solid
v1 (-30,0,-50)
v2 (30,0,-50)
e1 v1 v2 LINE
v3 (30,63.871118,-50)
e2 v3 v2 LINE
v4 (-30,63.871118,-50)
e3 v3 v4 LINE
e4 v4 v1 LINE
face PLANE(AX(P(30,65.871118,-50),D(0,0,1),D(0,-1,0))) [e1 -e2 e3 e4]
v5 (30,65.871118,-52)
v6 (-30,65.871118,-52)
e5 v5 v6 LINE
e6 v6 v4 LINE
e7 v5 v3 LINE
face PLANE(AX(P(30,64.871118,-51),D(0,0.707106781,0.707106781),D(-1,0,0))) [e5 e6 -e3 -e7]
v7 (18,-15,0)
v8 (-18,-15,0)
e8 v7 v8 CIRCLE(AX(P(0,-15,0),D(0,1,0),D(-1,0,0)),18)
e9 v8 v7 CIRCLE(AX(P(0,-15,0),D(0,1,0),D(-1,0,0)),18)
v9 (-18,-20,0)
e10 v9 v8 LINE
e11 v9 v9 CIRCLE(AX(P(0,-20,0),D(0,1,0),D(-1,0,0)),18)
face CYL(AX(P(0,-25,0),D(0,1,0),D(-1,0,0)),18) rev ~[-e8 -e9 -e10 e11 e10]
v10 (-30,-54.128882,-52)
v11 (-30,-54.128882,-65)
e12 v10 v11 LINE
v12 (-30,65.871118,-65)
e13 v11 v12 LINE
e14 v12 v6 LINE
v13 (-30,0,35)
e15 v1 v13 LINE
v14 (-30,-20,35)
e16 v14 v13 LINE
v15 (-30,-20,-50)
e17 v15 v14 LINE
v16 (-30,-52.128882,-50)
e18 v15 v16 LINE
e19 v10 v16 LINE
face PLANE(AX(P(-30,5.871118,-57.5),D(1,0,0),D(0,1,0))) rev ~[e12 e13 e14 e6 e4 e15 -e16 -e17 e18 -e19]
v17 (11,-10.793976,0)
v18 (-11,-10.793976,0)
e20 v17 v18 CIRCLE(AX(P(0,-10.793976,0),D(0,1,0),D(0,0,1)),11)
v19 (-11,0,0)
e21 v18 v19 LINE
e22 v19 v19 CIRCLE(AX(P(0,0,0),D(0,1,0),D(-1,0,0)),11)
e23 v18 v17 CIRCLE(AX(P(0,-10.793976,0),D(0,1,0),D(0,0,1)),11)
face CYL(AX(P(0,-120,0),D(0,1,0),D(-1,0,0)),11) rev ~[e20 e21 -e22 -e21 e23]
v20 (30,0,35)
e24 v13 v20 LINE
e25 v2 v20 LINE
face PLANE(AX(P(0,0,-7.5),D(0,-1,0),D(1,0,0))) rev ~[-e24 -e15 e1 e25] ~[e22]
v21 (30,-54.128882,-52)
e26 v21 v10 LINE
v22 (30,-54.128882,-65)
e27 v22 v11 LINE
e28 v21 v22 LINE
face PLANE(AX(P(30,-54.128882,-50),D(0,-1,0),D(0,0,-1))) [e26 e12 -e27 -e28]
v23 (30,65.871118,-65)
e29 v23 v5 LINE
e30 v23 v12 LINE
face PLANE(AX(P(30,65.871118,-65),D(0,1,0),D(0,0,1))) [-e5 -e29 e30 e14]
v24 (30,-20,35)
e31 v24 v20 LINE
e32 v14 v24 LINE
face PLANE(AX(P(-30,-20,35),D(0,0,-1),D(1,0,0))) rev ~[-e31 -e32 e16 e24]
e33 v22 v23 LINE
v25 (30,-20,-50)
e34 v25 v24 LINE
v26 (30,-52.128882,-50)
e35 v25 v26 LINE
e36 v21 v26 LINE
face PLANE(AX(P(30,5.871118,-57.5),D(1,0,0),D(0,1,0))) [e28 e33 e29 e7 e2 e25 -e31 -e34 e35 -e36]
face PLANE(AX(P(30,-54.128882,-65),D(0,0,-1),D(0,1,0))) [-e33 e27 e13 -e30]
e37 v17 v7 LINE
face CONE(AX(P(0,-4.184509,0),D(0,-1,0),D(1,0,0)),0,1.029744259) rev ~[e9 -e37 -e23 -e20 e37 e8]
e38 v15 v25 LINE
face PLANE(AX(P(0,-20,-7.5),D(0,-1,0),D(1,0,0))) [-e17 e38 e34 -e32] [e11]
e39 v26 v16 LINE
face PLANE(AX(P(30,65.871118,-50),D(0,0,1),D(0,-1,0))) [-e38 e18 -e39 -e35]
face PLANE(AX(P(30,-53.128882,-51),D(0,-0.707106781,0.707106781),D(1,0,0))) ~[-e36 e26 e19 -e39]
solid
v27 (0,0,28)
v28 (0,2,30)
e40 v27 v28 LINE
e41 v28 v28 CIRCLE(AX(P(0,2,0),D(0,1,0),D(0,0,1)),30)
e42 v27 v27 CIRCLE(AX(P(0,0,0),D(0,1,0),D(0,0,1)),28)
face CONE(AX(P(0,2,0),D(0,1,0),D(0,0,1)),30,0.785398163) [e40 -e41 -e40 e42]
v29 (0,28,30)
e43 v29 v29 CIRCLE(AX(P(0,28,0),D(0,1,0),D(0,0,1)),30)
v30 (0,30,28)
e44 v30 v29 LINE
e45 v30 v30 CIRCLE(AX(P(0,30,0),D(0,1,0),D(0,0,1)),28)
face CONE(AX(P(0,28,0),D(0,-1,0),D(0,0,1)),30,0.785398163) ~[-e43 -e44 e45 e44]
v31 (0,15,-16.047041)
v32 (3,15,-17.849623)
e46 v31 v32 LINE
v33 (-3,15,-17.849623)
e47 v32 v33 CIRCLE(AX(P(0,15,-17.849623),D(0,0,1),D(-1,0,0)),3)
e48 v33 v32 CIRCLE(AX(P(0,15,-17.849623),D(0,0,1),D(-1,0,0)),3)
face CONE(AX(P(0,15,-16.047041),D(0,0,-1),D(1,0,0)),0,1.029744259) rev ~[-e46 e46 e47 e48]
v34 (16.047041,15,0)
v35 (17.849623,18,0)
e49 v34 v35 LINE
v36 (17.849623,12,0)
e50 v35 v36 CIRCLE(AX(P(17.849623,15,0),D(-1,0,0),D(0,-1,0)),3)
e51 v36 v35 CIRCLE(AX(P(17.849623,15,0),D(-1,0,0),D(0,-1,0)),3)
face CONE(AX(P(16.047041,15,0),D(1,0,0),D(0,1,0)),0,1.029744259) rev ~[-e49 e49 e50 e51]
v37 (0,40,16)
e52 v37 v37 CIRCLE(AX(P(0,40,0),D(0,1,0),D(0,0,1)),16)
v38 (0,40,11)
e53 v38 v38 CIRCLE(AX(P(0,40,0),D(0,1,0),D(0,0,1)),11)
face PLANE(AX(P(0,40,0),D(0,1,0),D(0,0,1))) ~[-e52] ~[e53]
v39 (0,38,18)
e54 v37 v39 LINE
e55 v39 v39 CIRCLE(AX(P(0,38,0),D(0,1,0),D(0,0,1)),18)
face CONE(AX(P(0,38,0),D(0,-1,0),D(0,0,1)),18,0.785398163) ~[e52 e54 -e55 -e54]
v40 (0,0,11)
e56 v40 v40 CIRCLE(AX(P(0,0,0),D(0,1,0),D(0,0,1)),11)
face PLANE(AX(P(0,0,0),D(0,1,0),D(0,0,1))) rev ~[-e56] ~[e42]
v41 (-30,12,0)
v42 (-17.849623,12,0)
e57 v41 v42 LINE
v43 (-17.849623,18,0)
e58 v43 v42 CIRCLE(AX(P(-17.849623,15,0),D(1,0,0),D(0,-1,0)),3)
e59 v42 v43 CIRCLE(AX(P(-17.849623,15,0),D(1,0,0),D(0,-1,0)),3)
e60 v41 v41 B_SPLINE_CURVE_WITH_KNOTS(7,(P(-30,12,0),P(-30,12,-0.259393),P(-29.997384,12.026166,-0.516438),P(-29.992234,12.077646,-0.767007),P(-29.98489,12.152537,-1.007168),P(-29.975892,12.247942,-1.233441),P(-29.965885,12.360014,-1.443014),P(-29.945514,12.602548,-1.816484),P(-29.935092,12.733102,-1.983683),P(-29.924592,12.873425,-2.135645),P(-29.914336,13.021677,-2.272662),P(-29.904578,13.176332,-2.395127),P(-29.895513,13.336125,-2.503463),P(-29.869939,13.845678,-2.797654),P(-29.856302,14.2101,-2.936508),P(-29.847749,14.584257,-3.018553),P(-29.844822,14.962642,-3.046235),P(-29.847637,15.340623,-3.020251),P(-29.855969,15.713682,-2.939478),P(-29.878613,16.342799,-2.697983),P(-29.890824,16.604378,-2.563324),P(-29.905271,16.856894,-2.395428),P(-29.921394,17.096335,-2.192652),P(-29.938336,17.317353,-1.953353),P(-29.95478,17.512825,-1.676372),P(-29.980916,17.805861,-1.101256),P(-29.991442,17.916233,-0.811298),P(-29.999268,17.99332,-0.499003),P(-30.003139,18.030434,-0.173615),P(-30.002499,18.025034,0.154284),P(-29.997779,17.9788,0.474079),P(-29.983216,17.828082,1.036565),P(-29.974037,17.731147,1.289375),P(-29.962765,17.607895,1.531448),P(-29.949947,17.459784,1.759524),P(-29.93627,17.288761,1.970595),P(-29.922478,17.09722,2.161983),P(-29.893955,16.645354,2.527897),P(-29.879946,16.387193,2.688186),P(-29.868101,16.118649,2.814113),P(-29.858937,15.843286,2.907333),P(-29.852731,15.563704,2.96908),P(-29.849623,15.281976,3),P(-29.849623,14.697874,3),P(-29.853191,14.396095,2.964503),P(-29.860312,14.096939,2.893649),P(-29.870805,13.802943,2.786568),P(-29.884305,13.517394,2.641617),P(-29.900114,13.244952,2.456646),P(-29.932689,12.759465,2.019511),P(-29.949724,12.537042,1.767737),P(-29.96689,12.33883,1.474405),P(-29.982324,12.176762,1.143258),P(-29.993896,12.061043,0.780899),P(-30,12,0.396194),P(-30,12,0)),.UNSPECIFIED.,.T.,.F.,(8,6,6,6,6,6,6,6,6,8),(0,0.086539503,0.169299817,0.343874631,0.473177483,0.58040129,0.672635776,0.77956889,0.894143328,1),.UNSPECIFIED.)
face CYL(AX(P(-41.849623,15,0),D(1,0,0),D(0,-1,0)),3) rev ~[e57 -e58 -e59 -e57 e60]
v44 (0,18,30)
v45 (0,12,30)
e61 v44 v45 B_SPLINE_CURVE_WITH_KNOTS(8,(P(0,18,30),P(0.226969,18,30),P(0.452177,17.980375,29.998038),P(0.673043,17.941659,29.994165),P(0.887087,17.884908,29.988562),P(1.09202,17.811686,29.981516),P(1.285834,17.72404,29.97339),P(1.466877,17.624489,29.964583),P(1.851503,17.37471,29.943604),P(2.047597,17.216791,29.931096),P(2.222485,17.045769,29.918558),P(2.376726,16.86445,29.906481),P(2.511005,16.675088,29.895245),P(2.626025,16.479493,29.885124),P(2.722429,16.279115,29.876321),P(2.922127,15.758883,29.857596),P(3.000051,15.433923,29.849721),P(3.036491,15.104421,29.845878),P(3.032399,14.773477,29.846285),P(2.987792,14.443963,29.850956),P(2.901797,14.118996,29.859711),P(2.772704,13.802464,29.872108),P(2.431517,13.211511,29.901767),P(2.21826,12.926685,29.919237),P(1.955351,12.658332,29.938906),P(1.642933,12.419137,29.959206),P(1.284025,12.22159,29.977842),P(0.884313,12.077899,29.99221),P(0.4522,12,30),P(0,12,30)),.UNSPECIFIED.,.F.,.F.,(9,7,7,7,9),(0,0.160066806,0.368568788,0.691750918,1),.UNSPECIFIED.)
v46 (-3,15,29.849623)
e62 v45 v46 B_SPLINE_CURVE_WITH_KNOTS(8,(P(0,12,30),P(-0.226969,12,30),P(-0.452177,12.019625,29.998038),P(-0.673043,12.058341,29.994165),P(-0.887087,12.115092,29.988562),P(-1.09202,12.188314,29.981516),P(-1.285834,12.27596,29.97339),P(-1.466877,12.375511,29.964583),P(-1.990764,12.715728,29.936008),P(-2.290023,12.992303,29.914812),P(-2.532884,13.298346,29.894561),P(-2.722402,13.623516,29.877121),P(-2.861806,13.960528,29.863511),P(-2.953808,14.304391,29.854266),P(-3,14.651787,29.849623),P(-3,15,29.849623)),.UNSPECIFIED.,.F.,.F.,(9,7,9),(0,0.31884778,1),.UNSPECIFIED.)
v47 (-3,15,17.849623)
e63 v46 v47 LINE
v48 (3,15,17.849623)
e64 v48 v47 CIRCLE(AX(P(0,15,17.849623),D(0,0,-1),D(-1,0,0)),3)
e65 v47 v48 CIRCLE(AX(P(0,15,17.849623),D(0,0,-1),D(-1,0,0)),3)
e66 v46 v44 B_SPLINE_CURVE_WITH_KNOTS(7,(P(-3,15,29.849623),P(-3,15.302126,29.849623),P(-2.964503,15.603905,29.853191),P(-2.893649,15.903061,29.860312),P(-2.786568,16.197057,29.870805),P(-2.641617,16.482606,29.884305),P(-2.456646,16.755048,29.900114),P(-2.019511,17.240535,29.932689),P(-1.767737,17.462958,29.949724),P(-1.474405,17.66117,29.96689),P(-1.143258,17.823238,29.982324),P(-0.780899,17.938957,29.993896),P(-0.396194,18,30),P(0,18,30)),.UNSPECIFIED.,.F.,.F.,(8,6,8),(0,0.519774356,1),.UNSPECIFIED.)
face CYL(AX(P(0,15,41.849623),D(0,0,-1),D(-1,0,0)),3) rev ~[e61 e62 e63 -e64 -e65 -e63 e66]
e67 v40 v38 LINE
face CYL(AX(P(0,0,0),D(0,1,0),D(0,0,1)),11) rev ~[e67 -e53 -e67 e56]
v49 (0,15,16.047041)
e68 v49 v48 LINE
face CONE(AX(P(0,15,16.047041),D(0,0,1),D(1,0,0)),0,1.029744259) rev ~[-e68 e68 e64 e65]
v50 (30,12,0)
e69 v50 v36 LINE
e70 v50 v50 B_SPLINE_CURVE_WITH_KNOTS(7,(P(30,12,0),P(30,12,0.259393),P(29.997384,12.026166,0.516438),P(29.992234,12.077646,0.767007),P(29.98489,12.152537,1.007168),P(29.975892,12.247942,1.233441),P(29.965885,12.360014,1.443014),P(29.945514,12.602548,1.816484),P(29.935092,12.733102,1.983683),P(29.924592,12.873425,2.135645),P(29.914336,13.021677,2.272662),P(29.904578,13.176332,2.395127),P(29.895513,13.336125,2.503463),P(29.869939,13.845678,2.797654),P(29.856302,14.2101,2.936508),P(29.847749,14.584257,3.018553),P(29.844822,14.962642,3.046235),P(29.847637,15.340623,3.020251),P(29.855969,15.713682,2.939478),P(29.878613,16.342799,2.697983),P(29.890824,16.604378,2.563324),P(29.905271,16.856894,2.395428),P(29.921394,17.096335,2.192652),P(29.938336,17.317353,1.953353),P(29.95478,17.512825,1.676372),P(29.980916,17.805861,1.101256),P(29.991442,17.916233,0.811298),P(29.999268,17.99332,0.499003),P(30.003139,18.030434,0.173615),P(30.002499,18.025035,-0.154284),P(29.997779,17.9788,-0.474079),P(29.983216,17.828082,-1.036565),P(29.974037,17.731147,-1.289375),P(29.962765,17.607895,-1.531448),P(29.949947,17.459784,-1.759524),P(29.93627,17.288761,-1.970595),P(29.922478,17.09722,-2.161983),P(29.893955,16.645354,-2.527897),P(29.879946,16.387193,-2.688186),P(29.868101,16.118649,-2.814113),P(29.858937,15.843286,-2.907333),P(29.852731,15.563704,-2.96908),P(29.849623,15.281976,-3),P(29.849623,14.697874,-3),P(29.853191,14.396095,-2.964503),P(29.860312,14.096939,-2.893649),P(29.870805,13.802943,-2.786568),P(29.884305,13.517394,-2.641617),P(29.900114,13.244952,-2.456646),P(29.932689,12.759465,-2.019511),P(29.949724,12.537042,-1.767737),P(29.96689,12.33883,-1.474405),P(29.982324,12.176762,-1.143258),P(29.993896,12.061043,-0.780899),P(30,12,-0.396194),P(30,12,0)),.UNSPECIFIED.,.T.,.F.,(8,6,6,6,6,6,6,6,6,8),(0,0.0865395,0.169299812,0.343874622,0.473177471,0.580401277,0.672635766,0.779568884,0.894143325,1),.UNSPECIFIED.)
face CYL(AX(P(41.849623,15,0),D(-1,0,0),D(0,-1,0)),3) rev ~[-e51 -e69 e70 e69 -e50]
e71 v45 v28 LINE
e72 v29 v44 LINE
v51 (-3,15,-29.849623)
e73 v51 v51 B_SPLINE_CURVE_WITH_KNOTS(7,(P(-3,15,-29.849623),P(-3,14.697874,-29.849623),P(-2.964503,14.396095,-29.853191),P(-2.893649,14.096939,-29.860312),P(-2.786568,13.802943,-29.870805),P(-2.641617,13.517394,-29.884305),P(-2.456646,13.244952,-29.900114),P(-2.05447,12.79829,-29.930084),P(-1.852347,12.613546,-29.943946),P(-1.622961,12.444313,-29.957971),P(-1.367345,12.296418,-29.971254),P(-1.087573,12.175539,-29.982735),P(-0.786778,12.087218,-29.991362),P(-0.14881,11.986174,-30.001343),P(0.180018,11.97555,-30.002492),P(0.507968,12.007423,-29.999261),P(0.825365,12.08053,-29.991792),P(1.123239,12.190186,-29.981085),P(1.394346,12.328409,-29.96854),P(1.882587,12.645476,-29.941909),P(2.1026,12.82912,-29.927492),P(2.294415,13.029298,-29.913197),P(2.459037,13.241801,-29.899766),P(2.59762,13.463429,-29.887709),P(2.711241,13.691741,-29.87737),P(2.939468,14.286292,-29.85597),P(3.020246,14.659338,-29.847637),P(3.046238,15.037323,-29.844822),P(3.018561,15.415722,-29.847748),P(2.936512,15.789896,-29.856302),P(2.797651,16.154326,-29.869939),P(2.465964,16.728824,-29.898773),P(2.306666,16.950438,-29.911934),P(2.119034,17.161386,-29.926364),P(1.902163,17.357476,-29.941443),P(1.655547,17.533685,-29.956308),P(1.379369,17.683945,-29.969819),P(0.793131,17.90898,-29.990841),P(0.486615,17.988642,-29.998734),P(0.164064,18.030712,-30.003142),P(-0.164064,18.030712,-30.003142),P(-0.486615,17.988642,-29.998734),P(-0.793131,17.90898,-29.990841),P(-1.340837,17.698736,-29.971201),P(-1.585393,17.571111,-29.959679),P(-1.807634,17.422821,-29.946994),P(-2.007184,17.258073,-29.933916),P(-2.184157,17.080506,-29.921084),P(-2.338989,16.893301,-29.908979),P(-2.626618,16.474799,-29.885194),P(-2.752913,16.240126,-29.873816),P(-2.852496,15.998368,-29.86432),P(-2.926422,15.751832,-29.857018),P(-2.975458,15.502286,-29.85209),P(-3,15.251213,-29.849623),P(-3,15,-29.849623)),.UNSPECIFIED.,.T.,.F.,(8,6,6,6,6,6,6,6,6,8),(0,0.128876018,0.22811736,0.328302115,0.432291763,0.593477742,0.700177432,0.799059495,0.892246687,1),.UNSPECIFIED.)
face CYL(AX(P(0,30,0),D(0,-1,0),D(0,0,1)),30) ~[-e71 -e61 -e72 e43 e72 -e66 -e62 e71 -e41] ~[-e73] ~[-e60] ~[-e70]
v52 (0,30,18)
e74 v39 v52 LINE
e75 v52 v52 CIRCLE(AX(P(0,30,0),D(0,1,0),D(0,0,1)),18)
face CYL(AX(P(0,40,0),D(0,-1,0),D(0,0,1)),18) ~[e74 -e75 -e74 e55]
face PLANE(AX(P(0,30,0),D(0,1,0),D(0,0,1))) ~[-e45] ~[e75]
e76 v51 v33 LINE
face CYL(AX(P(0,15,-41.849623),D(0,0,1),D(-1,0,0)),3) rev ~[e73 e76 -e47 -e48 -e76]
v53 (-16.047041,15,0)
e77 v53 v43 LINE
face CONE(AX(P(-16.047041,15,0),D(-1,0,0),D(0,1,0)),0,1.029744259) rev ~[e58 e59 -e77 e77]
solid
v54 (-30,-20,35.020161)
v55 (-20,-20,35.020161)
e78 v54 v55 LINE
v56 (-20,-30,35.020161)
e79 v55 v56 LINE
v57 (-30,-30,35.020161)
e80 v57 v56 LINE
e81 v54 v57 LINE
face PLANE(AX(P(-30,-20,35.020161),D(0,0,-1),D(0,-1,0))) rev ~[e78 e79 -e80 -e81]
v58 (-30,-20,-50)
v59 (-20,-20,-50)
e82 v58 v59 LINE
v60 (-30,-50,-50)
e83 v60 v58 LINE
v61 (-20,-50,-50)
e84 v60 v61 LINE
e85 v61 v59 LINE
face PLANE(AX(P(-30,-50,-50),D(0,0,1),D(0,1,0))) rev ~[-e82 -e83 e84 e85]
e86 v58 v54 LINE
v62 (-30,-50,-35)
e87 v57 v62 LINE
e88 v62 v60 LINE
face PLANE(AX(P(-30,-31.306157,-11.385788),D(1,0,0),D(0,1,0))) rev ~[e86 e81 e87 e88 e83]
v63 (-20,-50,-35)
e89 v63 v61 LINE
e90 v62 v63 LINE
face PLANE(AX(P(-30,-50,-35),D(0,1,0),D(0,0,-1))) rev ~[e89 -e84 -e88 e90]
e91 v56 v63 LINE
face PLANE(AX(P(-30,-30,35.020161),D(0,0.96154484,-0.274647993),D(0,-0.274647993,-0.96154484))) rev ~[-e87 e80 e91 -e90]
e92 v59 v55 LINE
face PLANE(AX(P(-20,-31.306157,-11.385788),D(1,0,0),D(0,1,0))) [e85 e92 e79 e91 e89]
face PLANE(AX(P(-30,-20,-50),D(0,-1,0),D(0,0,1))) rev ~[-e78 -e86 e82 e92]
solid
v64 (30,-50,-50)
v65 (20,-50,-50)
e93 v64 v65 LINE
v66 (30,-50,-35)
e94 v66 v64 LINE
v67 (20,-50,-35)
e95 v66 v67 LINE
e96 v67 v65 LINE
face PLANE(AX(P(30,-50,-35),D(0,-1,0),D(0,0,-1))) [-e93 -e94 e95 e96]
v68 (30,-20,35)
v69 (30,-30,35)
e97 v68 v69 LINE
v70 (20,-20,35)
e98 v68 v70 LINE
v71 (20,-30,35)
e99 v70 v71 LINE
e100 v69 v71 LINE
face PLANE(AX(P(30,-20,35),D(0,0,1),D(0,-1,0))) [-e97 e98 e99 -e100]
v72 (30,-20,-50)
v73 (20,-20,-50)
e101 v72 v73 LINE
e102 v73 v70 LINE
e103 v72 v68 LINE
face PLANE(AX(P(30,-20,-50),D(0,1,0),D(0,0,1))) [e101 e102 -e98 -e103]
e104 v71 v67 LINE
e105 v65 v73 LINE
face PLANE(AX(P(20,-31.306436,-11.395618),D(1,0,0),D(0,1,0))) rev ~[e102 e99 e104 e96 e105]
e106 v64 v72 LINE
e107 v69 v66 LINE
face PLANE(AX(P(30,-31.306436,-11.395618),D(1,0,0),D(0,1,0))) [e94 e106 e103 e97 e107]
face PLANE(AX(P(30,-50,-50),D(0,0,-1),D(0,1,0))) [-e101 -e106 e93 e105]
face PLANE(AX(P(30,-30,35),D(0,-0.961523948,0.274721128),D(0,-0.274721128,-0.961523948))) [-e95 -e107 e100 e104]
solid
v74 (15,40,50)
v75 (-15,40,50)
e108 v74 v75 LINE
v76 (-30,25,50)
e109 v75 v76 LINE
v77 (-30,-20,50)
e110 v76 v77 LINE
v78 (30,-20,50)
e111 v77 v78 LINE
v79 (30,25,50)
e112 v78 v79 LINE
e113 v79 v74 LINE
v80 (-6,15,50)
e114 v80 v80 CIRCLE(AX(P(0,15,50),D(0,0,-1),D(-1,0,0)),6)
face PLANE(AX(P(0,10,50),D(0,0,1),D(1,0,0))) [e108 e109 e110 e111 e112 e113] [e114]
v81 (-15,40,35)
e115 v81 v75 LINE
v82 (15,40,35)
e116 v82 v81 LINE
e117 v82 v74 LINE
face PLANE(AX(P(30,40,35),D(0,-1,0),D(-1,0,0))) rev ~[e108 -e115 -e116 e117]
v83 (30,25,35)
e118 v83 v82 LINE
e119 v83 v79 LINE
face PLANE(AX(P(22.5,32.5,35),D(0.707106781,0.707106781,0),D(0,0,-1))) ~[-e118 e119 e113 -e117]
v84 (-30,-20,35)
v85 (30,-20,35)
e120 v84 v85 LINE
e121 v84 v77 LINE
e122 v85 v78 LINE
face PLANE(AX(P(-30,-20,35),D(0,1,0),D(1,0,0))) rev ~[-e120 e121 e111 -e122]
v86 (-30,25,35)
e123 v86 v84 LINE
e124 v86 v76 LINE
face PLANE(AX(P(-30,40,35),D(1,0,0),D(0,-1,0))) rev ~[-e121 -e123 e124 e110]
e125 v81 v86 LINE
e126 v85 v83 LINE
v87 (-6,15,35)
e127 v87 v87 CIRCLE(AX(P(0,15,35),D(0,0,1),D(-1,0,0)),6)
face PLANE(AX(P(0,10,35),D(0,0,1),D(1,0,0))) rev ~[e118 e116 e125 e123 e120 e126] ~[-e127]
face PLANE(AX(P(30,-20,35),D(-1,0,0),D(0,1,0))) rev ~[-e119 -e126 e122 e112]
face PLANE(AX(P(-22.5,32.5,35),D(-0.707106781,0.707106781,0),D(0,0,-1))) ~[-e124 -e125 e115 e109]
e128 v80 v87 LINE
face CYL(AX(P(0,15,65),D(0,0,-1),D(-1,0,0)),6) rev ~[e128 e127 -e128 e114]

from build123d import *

# Parameters (mm, degrees)
F2_SIZE   = 2
F5_D      = 6
F5_DEPTH  = 12
F5_START  = 0.150377
F5_TIP    = 1.8025818571
F8_D      = 6
F8_DEPTH  = 12
F8_START  = 0.150377
F8_TIP    = 1.8025818571
F11_D     = 6
F11_DEPTH = 12
F11_START = 0.150377
F11_TIP   = 1.8025818571
F14_D     = 6
F14_DEPTH = 12
F14_START = 0.150377
F14_TIP   = 1.8025818571
F17_DEPTH = 15
F18_SIZE  = 15
F20_D     = 12
F20_DEPTH = 15
F20_TIP   = 3.6051637142
F22_W     = 60
F22_H     = 85
F23_DEPTH = 20
F25_DEPTH = 60
F27_D     = 36
F27_DEPTH = 5
F27_TIP   = 10.8154911425
F29_D     = 22
F29_DEPTH = 100
F29_TIP   = 6.6094668093
F30_SIZE  = 2
F32_DEPTH = 10
F34_DEPTH = 10


with BuildPart() as f1:
    # F0 (on Right) → F1 (revolve)
    with BuildSketch(Plane.YZ):
        Polygon((0, 30), (0, 11), (40, 11), (40, 18), (30, 18), (30, 30), align=None)
    revolve(axis=Axis((0, 0.3758966923, 0), (0, 1, 0)))

    # F2
    f2_edges = [f1.edges().sort_by_distance(p)[0] for p in [
        (0, 30, -30),
        (0, 0, -30),
        (0, 40, -18),
    ]]
    chamfer(f2_edges, length=F2_SIZE)

    # F5
    # its depths count from where the whole tool has entered the part; down to there all is cleared
    with Locations(Plane.YZ.offset(30).offset(-F5_START)):
        with Locations((15, 0)):
            Hole(F5_D / 2, depth=F5_DEPTH)
            with Locations((0, 0, -(F5_DEPTH + F5_TIP / 2))):  # 118° drill point
                Cone(0, F5_D / 2, F5_TIP, mode=Mode.SUBTRACT)

    # F8
    # its depths count from where the whole tool has entered the part; down to there all is cleared
    with Locations(Plane.XY.offset(30).offset(-F8_START)):
        with Locations((0, 15)):
            Hole(F8_D / 2, depth=F8_DEPTH)
            with Locations((0, 0, -(F8_DEPTH + F8_TIP / 2))):  # 118° drill point
                Cone(0, F8_D / 2, F8_TIP, mode=Mode.SUBTRACT)

    # F11
    # its depths count from where the whole tool has entered the part; down to there all is cleared
    with Locations(Plane(origin=(0, 0, -30), x_dir=(1, 0, 0), z_dir=(0, 0, -1)).offset(-F11_START)):
        with Locations((0, -15)):
            Hole(F11_D / 2, depth=F11_DEPTH)
            with Locations((0, 0, -(F11_DEPTH + F11_TIP / 2))):  # 118° drill point
                Cone(0, F11_D / 2, F11_TIP, mode=Mode.SUBTRACT)

    # F14
    # its depths count from where the whole tool has entered the part; down to there all is cleared
    with Locations(Plane(origin=(-30, 0, 0), x_dir=(0, 1, 0), z_dir=(-1, 0, 0)).offset(-F14_START)):
        with Locations((15, 0)):
            Hole(F14_D / 2, depth=F14_DEPTH)
            with Locations((0, 0, -(F14_DEPTH + F14_TIP / 2))):  # 118° drill point
                Cone(0, F14_D / 2, F14_TIP, mode=Mode.SUBTRACT)


with BuildPart() as f17:
    # F16 (on offset) → F17 (new body)
    with BuildSketch(Plane.XY.offset(35)):
        Polygon((30, -20), (30, 0), (30, 30), (30, 40), (-30, 40), (-30, 30), (-30, 0), (-30, -20), align=None)
    extrude(amount=F17_DEPTH)

    # F18
    f18_edges = [f17.edges().sort_by_distance(p)[0] for p in [
        (30, 40, 42.5),
        (-30, 40, 42.5),
    ]]
    chamfer(f18_edges, length=F18_SIZE)

    # F20
    with Locations(Plane.XY.offset(50)):
        with Locations((0, 15)):
            Hole(F20_D / 2, depth=F20_DEPTH)
            with Locations((0, 0, -(F20_DEPTH + F20_TIP / 2))):  # 118° drill point
                Cone(0, F20_D / 2, F20_TIP, mode=Mode.SUBTRACT)


with BuildPart() as f23:
    # F22 (on offset) → F23 (new body)
    with BuildSketch(Plane.XZ.offset(20)):
        with Locations((0, -7.5)):
            Rectangle(F22_W, F22_H)
    extrude(amount=-F23_DEPTH)

    # F24 (on offset) → F25 (join)
    with BuildSketch(Plane.YZ.offset(30)):
        Polygon((-20, -50), (-54.1288815439, -50), (-54.1288815439, -65), (65.8711184561, -65), (65.8711184561, -50), (0, -50), align=None)
    extrude(amount=-F25_DEPTH)

    # F27
    with Locations(Plane.XZ.offset(20)):
        with Locations((0, 0)):
            Hole(F27_D / 2, depth=F27_DEPTH)
            with Locations((0, 0, -(F27_DEPTH + F27_TIP / 2))):  # 118° drill point
                Cone(0, F27_D / 2, F27_TIP, mode=Mode.SUBTRACT)

    # F29
    with Locations(Plane.XZ.offset(20)):
        with Locations((0, 0)):
            Hole(F29_D / 2, depth=F29_DEPTH)
            with Locations((0, 0, -(F29_DEPTH + F29_TIP / 2))):  # 118° drill point
                Cone(0, F29_D / 2, F29_TIP, mode=Mode.SUBTRACT)

    # F30
    f30_edges = [f23.edges().sort_by_distance(p)[0] for p in [
        (0, -54.128882, -50),
        (0, 65.871118, -50),
    ]]
    chamfer(f30_edges, length=F30_SIZE)


with BuildPart() as f32:
    # F31 (on offset) → F32 (new body)
    with BuildSketch(Plane.YZ.offset(30)):
        Polygon((-20, -50), (-20, 0), (-20, 35), (-30, 35), (-50, -35), (-50, -50), align=None)
    extrude(amount=-F32_DEPTH)


with BuildPart() as f34:
    # F33 (on offset) → F34 (new body)
    with BuildSketch(Plane.YZ.offset(-30)):
        Polygon((-20, -50), (-20, 0), (-20, 35), (-20, 35.0201614201), (-30, 35.0201614201), (-50, -35), (-50, -50), align=None)
    extrude(amount=F34_DEPTH)


solid = Compound([f1.part, f17.part, f23.part, f32.part, f34.part])
